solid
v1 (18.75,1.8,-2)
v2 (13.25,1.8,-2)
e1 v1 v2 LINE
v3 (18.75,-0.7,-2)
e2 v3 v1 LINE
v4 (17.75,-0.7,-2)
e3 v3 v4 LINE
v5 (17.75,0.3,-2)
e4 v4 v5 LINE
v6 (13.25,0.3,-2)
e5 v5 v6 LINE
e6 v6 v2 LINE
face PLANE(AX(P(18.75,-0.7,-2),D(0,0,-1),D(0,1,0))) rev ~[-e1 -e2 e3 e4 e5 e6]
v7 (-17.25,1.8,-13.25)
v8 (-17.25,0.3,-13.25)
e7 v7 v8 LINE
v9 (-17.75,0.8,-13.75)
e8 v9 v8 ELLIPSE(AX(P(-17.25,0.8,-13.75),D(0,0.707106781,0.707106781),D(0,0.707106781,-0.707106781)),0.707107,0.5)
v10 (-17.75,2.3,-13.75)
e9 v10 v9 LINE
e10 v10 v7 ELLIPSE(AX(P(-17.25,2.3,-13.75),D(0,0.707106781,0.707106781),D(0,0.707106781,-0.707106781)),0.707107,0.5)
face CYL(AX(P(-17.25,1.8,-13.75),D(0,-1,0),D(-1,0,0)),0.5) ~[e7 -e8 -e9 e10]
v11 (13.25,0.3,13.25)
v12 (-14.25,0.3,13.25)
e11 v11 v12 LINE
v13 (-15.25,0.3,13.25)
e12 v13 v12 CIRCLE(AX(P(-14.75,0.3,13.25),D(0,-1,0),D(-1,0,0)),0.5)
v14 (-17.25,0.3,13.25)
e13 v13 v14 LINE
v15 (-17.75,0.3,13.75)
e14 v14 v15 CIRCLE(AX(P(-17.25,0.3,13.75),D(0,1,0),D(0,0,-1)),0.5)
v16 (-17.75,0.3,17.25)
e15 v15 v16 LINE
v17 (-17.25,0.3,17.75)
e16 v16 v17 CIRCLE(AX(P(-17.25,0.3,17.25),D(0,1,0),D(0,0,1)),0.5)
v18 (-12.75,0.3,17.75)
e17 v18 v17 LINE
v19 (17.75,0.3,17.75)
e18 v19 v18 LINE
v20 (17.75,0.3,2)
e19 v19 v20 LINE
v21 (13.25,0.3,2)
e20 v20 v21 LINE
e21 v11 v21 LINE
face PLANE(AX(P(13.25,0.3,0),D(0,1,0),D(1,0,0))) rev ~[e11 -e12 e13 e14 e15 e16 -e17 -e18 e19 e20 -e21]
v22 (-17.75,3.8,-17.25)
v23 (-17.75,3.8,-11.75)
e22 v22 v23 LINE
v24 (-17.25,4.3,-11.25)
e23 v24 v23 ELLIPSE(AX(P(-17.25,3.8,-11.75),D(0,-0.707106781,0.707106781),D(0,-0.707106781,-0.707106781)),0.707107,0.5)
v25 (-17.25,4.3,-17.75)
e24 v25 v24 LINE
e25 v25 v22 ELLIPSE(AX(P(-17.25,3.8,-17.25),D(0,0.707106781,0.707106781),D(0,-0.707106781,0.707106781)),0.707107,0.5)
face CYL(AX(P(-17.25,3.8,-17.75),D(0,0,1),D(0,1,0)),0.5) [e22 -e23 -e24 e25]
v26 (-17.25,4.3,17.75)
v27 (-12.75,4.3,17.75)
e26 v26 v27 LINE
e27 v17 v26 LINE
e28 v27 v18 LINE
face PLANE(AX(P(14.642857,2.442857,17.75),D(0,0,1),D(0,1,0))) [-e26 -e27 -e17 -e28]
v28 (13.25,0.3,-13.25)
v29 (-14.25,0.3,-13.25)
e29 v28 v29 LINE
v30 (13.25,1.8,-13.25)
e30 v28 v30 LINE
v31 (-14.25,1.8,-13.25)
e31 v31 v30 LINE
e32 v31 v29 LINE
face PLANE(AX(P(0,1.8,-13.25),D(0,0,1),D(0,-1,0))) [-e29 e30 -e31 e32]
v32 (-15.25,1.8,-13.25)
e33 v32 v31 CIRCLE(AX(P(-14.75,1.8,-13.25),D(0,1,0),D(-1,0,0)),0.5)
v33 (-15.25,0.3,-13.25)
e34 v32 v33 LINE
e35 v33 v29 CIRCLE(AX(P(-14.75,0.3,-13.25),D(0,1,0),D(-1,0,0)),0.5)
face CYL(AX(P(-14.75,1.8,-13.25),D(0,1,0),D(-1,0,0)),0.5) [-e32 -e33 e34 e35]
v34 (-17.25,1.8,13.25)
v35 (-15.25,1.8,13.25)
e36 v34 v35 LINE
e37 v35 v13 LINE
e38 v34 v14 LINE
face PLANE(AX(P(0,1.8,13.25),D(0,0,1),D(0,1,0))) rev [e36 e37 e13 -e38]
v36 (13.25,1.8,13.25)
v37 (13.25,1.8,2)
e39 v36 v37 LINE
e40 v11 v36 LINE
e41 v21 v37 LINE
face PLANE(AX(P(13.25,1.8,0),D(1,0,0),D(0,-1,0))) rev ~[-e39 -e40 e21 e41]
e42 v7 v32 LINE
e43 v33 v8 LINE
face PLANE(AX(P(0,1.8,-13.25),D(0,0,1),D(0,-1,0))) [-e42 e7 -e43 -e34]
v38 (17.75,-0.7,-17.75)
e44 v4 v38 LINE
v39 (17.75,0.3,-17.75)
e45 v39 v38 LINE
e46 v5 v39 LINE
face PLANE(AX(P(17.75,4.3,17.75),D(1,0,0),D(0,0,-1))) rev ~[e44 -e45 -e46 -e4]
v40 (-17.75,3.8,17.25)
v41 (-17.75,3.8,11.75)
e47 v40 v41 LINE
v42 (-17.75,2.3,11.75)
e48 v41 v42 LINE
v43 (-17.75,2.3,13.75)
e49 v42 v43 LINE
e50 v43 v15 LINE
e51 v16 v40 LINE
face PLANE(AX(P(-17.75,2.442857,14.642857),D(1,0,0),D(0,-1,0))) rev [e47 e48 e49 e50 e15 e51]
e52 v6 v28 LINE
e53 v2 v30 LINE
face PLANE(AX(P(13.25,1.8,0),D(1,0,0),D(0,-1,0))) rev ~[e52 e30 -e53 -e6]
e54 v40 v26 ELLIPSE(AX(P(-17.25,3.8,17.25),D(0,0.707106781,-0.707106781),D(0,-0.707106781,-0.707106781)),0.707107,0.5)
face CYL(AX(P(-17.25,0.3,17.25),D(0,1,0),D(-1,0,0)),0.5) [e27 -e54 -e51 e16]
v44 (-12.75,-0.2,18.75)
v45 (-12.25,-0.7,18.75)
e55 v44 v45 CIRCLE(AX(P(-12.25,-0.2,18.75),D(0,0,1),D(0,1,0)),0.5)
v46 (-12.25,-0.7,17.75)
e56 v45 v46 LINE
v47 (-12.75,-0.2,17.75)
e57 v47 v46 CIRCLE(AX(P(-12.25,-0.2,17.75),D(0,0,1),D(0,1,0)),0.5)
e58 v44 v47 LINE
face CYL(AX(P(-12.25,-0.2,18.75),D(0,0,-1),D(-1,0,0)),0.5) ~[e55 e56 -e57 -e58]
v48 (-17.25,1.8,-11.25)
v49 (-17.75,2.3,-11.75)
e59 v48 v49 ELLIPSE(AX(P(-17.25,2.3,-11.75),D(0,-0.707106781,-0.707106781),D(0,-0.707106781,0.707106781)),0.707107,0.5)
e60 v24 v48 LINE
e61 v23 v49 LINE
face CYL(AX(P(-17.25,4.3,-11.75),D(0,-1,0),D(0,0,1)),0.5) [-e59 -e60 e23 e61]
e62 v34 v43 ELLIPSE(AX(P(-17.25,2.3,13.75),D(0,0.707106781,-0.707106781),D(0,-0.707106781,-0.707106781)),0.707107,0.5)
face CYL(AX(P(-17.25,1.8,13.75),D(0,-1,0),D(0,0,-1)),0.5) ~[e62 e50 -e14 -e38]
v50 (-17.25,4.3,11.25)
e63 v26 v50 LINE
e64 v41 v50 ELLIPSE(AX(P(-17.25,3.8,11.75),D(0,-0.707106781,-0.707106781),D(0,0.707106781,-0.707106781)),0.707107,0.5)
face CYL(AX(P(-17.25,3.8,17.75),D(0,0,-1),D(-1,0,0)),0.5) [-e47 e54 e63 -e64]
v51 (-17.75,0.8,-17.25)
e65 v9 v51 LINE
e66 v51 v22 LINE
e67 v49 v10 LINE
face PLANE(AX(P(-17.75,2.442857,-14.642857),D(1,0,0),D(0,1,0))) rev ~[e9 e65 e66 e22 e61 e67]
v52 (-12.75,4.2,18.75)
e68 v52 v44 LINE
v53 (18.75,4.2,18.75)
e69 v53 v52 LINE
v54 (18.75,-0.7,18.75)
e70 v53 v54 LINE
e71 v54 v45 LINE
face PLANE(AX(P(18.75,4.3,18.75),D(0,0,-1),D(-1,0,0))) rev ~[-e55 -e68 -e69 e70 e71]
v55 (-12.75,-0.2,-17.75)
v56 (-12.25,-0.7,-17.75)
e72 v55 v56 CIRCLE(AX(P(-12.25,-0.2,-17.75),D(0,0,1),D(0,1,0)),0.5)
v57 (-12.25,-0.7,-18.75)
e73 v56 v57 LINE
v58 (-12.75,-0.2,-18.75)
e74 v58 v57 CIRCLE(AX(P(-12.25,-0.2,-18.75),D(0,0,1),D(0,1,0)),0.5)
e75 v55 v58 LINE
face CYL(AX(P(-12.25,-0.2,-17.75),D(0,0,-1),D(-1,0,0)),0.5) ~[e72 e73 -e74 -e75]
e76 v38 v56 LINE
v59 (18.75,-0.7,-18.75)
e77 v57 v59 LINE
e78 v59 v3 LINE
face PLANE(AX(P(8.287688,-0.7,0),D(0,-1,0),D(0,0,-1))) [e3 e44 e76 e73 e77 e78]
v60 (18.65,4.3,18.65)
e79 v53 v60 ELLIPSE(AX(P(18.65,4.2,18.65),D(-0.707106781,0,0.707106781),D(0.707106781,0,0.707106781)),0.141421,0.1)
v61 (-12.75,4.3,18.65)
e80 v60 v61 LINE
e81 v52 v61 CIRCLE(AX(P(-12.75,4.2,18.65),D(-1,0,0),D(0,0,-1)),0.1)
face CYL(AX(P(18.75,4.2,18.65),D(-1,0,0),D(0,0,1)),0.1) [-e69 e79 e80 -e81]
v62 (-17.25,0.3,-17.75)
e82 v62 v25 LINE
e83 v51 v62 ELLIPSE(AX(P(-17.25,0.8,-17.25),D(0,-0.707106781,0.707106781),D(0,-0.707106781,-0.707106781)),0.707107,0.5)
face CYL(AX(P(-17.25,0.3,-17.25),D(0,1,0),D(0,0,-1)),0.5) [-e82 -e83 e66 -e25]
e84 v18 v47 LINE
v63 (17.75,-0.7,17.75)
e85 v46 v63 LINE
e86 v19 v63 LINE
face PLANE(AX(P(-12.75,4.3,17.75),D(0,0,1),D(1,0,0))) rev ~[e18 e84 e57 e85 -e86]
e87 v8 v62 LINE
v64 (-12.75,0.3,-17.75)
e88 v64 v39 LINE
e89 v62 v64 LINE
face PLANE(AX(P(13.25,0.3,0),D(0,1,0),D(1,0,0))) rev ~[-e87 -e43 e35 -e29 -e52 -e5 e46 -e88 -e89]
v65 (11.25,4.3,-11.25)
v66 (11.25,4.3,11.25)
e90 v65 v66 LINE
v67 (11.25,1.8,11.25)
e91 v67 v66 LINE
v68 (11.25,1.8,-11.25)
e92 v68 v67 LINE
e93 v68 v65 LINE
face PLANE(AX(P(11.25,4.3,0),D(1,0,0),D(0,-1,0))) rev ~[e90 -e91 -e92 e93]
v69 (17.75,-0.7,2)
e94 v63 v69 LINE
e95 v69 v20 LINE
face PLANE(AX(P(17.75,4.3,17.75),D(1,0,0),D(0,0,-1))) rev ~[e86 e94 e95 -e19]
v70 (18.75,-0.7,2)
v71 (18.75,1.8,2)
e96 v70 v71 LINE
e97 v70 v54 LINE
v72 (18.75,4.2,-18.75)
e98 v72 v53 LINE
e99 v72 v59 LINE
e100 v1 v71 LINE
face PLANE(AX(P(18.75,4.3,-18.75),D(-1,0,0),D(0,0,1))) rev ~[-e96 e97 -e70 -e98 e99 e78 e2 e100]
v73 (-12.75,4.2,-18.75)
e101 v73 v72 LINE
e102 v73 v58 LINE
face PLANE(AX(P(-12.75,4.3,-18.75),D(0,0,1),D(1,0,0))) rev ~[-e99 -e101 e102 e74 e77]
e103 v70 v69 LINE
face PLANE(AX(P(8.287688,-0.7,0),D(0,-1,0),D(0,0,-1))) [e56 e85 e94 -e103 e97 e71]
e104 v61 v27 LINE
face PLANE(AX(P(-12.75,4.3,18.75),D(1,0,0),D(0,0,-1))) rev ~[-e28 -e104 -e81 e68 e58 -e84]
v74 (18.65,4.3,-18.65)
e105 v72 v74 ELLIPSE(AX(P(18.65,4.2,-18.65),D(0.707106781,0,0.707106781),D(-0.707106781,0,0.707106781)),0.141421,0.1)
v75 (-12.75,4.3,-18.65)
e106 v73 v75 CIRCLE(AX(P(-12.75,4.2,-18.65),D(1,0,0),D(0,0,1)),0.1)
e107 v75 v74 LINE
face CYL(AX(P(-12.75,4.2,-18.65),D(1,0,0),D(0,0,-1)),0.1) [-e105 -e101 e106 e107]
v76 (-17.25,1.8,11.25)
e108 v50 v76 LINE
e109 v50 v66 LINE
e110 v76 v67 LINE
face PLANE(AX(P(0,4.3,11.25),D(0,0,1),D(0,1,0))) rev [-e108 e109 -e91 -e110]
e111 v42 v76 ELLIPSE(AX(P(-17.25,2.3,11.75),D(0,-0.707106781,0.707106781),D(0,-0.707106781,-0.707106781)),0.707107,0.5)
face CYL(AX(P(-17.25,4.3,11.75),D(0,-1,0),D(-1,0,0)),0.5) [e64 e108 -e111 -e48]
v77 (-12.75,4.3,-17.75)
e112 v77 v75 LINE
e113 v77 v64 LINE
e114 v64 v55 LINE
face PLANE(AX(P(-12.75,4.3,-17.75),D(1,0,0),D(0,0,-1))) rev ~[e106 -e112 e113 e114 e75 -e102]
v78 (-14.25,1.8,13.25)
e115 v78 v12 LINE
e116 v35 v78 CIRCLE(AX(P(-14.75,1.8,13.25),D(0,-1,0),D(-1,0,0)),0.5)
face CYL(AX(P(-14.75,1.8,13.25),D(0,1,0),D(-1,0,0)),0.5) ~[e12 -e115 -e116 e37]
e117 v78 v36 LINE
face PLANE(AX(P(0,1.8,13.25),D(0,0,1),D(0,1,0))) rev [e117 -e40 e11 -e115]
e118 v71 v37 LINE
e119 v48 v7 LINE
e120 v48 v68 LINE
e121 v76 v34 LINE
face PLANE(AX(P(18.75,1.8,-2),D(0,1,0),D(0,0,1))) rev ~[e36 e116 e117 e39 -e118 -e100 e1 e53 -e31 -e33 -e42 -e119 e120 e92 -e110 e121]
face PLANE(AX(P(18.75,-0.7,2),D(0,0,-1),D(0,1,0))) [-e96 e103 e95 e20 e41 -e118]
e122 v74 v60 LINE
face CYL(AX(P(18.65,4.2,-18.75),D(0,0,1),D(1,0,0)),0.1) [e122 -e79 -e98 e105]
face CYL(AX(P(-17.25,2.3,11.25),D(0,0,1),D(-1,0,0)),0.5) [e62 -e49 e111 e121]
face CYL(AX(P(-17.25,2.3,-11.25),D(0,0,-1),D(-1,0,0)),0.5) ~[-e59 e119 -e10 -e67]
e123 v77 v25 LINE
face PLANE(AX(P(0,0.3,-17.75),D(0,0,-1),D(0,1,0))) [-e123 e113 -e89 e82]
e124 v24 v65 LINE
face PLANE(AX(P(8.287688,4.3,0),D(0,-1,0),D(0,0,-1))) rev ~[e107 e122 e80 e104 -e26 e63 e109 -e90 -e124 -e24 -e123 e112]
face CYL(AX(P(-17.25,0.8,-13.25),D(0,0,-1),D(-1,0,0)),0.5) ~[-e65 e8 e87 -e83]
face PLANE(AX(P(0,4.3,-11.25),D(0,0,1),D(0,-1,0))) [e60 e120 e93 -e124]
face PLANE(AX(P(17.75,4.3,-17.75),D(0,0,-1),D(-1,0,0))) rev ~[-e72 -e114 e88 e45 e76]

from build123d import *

# Parameters (mm, degrees)
PAD002_DEPTH       = 17.75
PAD002_DEPTH_BACK  = 17.75
POLARPATTERN_COUNT = 2
POLARPATTERN_ANGLE = 270
FILLET_R           = 0.5
PAD004_DEPTH       = 1.5
PAD005_DEPTH       = 5
FILLET005_R        = 0.1
FILLET006_R        = 0.5
FILLET007_R        = 0.5
SKETCH009_W        = 2.5
SKETCH009_H        = 4
POCKET001_DEPTH    = 36.501


with BuildPart() as part:
    # Sketch003 → Pad002 (new body, two sides)
    with BuildSketch(Plane.YZ) as pad002_sk:
        Polygon((0, -17.75), (4, -17.75), (4, -11.25), (1.5, -11.25), (1.5, -13.25), (0, -13.25), align=None)
    pad002 = extrude(amount=PAD002_DEPTH) + extrude(pad002_sk.sketch, amount=-PAD002_DEPTH_BACK)

    # PolarPattern: Pad002 ×2 about axis
    polarpattern_axis = Axis((0, 0, 0), (0, 1, 0))
    for i in range(1, POLARPATTERN_COUNT):
        add(pad002.rotate(polarpattern_axis, i * POLARPATTERN_ANGLE / (POLARPATTERN_COUNT - 1)))

    # Mirrored: Pad002 across Sketch003 H_Axis
    add(pad002.mirror(Plane.XY))

    # Fillet
    fillet_edges = [part.edges().sort_by_distance(p)[0] for p in [
        (-17.75, 4, 14.5),
        (-17.75, 2.75, 11.25),
        (-17.75, 0.75, 13.25),
        (-17.75, 1.5, 12.25),
        (-17.75, 2, 17.75),
    ]]
    fillet(fillet_edges, radius=FILLET_R)

    # Sketch007 → Pad004 (join)
    with BuildSketch(Plane(origin=(0, 1.5, 0), x_dir=(0, 0, -1), z_dir=(0, -1, 0))):
        with BuildLine():
            ThreePointArc((-13.25, -15.25), (-12.75, -14.75), (-13.25, -14.25))
            Line((-13.25, -14.25), (-13.25, -15.25))
        make_face()
    pad004 = extrude(amount=PAD004_DEPTH)

    # Sketch008 (on Face25 of Pad004) → Pad005 (join)
    with BuildSketch(Plane.ZX.offset(4)):
        Polygon((-18.75, 18.75), (18.75, 18.75), (18.75, -12.75), (17.75, -12.75), (17.75, 17.75), (-17.75, 17.75), (-17.75, -12.75), (-18.75, -12.75), align=None)
    extrude(amount=-PAD005_DEPTH)

    # Fillet005
    fillet005_edges = [part.edges().sort_by_distance(p)[0] for p in [
        (18.75, 4, 0),
        (3, 4, -18.75),
        (3, 4, 18.75),
    ]]
    fillet(fillet005_edges, radius=FILLET005_R)

    # Fillet006
    fillet006_edges = [part.edges().sort_by_distance(p)[0] for p in [
        (-17.75, 2.75, -11.25),
        (-17.75, 1.5, -12.25),
        (-17.75, 0, -15.5),
        (-17.75, 0.75, -13.25),
        (-17.75, 4, -14.5),
        (-17.75, 2, -17.75),
    ]]
    fillet(fillet006_edges, radius=FILLET006_R)

    # Fillet007
    fillet007_edges = [part.edges().sort_by_distance(p)[0] for p in [
        (-12.75, -1, 18.25),
        (-12.75, -1, -18.25),
    ]]
    fillet(fillet007_edges, radius=FILLET007_R)

    # Mirrored001: Pad004 across Sketch007 V_Axis
    add(pad004.mirror(Plane(origin=(0, 1.5, 0), x_dir=(0, -1, 0), z_dir=(0, 0, -1))))

    # Sketch009 (on Face9 of Mirrored001) → Pocket001 (cut, through all)
    with BuildSketch(Plane.YZ.offset(18.75)):
        with Locations((0.25, 0)):
            Rectangle(SKETCH009_W, SKETCH009_H)
    extrude(amount=-POCKET001_DEPTH, mode=Mode.SUBTRACT)


with BuildPart() as part_1:
    # Body001 placement: moved
    add(part.part.moved(Location((0, 0.3, 0))))


solid = part_1.part
